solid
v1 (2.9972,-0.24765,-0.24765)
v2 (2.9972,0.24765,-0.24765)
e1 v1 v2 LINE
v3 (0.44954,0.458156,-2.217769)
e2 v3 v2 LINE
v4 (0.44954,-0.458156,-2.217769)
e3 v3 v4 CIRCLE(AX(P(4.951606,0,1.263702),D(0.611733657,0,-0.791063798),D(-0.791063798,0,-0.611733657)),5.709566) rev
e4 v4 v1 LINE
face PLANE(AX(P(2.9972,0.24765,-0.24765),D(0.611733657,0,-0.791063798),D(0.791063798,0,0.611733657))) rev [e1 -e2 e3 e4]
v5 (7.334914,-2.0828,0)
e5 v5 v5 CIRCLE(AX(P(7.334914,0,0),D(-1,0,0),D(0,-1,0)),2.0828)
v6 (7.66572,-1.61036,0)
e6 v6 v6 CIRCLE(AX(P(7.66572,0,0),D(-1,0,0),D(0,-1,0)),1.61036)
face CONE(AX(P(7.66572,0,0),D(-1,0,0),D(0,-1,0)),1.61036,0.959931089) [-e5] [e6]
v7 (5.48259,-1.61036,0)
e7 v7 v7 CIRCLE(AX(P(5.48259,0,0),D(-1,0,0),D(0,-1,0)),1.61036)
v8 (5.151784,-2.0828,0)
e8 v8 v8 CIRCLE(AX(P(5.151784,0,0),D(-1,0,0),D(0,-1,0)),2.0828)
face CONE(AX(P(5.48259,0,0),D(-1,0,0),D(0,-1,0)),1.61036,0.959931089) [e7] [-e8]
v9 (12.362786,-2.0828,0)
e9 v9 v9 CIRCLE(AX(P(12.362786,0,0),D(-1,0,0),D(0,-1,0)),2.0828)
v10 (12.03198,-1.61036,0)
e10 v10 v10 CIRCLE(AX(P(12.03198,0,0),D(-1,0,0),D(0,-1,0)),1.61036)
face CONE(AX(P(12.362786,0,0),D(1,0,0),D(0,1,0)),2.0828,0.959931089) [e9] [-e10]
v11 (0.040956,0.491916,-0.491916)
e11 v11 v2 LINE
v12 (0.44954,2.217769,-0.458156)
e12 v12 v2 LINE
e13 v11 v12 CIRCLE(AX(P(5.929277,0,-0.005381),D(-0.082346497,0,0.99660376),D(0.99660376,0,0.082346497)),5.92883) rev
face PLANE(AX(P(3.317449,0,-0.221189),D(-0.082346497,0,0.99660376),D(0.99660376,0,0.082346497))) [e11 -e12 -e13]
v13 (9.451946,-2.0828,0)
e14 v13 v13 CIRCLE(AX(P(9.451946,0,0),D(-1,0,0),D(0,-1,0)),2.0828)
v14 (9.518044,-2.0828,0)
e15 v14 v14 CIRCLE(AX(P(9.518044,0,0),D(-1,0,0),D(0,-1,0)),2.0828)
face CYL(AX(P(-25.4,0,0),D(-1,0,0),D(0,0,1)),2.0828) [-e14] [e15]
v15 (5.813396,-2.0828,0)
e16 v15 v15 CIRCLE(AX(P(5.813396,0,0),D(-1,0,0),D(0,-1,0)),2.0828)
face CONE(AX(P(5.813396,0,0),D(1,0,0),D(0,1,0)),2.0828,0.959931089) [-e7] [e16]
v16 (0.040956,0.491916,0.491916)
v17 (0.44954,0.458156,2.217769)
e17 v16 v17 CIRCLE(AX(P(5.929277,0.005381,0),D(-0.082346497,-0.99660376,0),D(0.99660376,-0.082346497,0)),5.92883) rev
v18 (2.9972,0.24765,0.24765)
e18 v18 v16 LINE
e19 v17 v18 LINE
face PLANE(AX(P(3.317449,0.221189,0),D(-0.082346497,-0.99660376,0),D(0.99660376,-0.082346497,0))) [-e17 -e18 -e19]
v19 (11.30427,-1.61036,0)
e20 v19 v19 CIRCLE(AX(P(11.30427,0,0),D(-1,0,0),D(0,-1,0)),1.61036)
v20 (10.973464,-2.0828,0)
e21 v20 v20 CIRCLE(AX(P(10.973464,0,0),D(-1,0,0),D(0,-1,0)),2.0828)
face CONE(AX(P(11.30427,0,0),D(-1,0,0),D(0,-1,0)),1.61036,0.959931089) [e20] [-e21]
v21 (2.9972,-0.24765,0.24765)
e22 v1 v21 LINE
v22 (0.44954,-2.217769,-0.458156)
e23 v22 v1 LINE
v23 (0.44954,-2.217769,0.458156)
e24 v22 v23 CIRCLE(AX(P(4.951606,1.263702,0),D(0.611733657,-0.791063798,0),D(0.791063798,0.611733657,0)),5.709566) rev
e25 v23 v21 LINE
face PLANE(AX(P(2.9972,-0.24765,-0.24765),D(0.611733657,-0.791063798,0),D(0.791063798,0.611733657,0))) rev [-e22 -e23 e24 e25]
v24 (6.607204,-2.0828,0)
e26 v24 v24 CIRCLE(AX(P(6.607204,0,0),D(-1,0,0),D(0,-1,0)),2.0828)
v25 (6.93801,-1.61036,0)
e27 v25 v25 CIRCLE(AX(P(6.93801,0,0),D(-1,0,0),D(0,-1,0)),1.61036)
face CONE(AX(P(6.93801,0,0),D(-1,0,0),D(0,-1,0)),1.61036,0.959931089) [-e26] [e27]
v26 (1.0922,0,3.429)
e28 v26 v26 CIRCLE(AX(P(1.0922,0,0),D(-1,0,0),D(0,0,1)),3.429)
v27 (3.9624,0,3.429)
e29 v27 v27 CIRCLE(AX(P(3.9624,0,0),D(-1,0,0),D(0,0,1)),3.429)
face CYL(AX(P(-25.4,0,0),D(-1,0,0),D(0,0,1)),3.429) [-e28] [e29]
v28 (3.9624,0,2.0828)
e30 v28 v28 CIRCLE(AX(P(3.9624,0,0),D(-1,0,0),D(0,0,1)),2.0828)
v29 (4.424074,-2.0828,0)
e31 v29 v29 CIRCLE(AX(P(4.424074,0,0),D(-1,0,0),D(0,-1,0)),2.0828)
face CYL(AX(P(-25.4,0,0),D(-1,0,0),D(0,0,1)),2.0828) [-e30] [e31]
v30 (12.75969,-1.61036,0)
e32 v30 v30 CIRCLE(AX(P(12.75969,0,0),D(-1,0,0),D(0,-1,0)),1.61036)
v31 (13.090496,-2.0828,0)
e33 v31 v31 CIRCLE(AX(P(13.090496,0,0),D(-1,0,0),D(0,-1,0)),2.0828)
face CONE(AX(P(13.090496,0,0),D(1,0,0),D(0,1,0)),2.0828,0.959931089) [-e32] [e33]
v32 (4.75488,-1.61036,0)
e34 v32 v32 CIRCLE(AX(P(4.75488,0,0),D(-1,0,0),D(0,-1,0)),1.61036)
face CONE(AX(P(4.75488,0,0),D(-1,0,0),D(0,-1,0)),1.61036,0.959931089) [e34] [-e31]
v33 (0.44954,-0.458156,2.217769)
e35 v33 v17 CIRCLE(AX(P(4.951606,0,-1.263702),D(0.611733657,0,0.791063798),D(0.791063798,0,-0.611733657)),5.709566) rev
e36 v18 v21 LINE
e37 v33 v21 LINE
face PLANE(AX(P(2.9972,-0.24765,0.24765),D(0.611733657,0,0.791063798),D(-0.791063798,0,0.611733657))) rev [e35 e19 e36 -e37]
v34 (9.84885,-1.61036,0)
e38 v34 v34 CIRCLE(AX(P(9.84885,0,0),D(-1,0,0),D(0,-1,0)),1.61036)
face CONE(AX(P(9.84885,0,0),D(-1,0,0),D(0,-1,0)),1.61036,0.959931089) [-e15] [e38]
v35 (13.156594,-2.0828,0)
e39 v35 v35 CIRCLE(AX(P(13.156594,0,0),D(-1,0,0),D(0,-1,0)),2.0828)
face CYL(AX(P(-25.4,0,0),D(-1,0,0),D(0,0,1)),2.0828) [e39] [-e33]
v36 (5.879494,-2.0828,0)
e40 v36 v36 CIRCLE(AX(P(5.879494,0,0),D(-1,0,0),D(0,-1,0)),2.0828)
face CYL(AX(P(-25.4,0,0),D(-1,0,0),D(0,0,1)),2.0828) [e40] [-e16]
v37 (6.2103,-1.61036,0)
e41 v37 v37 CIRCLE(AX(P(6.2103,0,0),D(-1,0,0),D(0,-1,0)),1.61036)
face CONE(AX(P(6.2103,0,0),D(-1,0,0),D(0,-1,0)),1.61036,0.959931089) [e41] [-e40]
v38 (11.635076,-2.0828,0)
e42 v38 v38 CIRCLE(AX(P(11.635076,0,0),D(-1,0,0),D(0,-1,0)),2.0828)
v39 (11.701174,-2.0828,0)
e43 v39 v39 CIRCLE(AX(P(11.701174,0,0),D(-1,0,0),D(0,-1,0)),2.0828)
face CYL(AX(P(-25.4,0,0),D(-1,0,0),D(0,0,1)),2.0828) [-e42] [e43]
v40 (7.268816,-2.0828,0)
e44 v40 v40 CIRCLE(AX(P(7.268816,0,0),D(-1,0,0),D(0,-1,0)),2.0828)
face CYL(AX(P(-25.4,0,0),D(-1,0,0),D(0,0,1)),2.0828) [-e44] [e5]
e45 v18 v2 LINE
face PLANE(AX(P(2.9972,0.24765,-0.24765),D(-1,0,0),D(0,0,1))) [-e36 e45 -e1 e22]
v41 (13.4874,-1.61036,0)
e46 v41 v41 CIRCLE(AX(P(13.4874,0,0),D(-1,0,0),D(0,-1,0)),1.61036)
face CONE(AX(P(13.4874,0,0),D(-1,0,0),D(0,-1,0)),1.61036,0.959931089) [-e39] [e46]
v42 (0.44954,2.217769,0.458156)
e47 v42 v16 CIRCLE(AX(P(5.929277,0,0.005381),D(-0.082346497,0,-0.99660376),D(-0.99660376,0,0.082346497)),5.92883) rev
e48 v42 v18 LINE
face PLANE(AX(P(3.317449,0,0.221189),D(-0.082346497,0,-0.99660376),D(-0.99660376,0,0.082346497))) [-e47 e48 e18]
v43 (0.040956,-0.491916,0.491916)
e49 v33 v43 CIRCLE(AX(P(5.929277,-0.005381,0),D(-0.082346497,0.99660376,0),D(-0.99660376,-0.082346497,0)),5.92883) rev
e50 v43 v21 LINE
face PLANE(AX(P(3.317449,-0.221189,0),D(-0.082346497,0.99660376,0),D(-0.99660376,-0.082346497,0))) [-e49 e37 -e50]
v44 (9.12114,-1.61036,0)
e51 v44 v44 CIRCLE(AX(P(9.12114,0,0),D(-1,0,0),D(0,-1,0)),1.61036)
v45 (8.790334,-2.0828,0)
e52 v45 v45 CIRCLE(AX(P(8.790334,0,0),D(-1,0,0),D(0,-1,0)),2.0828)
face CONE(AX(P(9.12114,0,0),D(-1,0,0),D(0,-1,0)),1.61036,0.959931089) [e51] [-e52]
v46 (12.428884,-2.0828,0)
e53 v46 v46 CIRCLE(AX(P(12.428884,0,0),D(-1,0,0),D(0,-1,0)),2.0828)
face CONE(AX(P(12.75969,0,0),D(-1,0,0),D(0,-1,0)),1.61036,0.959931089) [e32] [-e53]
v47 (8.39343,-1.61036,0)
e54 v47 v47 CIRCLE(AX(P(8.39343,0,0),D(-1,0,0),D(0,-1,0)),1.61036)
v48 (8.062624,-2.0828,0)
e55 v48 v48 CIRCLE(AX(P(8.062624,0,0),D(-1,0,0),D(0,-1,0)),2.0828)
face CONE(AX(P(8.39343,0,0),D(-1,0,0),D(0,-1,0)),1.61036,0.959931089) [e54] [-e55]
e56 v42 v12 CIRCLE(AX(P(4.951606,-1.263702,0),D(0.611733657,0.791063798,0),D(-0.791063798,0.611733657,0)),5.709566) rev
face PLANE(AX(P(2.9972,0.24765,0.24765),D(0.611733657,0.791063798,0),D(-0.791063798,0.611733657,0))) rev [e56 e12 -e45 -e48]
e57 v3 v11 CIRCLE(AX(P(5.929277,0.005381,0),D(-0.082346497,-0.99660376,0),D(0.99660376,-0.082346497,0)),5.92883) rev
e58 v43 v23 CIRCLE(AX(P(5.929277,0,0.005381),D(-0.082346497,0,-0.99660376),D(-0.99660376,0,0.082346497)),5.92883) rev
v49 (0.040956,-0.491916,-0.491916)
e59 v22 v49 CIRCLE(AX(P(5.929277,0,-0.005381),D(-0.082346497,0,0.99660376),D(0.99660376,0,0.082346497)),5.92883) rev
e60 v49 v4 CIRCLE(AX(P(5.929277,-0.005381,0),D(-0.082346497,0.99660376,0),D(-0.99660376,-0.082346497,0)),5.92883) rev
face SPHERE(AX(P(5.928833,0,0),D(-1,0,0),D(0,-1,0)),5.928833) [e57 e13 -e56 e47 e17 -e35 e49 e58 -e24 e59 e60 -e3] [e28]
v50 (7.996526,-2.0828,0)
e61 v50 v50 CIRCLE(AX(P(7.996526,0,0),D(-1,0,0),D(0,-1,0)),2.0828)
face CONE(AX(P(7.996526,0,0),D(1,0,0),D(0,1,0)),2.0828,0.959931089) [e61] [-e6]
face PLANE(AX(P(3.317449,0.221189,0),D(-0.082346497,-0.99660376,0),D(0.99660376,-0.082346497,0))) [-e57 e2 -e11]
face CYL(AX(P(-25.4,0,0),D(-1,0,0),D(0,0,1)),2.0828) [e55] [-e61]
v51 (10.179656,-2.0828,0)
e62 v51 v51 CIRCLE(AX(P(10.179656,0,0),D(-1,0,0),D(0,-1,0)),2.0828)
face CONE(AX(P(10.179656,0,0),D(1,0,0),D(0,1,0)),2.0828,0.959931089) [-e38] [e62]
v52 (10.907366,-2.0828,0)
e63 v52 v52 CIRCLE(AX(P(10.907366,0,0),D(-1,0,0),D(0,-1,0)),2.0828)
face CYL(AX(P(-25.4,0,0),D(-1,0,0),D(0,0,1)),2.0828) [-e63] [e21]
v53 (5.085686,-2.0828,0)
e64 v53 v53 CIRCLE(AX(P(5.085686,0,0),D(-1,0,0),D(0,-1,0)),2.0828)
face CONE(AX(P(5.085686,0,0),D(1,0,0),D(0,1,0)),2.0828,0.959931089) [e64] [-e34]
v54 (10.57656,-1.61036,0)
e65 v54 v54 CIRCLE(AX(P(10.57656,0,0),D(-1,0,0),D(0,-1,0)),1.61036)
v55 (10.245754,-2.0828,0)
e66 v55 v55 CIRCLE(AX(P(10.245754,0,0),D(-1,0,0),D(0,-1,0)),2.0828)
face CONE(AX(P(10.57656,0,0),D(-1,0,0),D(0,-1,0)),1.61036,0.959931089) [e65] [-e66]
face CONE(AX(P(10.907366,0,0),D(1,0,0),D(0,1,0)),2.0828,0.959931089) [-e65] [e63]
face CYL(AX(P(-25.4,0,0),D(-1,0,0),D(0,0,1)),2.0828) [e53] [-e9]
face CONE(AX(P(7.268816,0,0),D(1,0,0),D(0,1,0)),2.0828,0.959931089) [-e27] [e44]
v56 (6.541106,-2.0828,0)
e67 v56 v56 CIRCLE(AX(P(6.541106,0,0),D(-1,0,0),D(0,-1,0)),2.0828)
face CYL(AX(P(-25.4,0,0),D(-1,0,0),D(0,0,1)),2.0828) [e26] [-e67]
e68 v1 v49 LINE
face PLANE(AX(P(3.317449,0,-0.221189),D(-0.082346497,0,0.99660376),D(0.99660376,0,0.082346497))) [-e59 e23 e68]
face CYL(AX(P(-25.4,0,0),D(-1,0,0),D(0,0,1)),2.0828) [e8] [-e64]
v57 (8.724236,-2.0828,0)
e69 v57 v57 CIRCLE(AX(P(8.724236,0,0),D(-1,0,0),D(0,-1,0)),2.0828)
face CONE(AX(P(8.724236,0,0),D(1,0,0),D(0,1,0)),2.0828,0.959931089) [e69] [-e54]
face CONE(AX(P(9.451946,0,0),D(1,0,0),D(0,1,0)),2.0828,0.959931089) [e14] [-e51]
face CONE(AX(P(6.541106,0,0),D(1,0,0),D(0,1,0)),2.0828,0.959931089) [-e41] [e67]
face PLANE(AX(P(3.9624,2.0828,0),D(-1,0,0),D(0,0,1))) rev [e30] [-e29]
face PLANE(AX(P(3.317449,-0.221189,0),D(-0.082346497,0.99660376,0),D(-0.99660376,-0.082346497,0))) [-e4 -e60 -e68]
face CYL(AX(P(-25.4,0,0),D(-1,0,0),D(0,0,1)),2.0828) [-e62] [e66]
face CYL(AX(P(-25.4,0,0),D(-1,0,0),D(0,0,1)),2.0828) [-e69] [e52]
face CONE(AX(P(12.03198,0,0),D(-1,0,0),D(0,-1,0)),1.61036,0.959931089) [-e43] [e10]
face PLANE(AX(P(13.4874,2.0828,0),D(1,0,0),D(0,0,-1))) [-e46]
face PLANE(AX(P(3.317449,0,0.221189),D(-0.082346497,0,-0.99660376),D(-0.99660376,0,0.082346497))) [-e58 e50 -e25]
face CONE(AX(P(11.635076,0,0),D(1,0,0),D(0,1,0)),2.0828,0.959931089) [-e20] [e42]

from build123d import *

# Parameters (mm, degrees)
CIRPATTERN1_COUNT = 2
CIRPATTERN1_ANGLE = 90
THDSCHPAT_COUNT   = 13
THDSCHPAT_PITCH   = 0.72771


with BuildPart() as part:
    # BodySke → Base-Revolve (revolve)
    with BuildSketch(Plane.XY, mode=Mode.PRIVATE) as base_revolve_sk:
        with BuildLine():
            Line((3.9624, 2.0828), (3.9624, 3.429))
            Line((3.9624, 3.429), (1.0922, 3.429))
            ThreePointArc((1.0922, 3.429), (0.279645002, 1.799370851), (0, 0))
            Line((0, 0), (13.4874, 0))
            Line((13.4874, 0), (13.4874, 2.0828))
            Line((13.4874, 2.0828), (3.9624, 2.0828))
        make_face()
    revolve(base_revolve_sk.sketch.rotate(Axis((-25.4, 0, 0), (1, 0, 0)), 90), axis=Axis((-25.4, 0, 0), (1, 0, 0)))

    # Sketch3 → Cross section 0
    with BuildSketch(Plane(origin=(0, 0, 0), x_dir=(0, 0, -1), z_dir=(1, 0, 0))):
        with BuildLine():
            Line((0.4953, -2.5654), (-0.4953, -2.5654))
            Line((-0.4953, -2.5654), (-0.4953, 2.5654))
            Line((-0.4953, 2.5654), (0.4953, 2.5654))
            Line((0.4953, 2.5654), (0.4953, -2.5654))
        make_face()
    # Sketch4 → Cross section 1
    with BuildSketch(Plane(origin=(2.9972, 0, 0), x_dir=(0, 0, -1), z_dir=(1, 0, 0))):
        with BuildLine():
            Line((0.24765, -0.24765), (-0.24765, -0.24765))
            Line((-0.24765, -0.24765), (-0.24765, 0.24765))
            Line((-0.24765, 0.24765), (0.24765, 0.24765))
            Line((0.24765, 0.24765), (0.24765, -0.24765))
        make_face()
    cross = loft(mode=Mode.SUBTRACT)

    # CirPattern1: Cross ×2 about axis
    cirpattern1_axis = Axis((0, 0, 0), (1, 0, 0))
    for i in range(1, CIRPATTERN1_COUNT):
        add(cross.rotate(cirpattern1_axis, i * CIRPATTERN1_ANGLE / (CIRPATTERN1_COUNT - 1)), mode=Mode.SUBTRACT)

    # ThdSchSke → ThreadSchematic (revolve, cut)
    with BuildSketch(Plane.XY):
        Polygon((4.75488, -1.61036), (4.424073951, -2.0828), (4.424073951, -2.6035), (5.085686049, -2.6035), (5.085686049, -2.0828), align=None)
    threadschematic = revolve(axis=Axis((-3.175, 0, 0), (1, 0, 0)), mode=Mode.SUBTRACT)

    # ThdSchPat: ThreadSchematic ×13
    with Locations(*[(i * THDSCHPAT_PITCH, 0, 0) for i in range(1, THDSCHPAT_COUNT)]):
        add(threadschematic, mode=Mode.SUBTRACT)


solid = part.part
